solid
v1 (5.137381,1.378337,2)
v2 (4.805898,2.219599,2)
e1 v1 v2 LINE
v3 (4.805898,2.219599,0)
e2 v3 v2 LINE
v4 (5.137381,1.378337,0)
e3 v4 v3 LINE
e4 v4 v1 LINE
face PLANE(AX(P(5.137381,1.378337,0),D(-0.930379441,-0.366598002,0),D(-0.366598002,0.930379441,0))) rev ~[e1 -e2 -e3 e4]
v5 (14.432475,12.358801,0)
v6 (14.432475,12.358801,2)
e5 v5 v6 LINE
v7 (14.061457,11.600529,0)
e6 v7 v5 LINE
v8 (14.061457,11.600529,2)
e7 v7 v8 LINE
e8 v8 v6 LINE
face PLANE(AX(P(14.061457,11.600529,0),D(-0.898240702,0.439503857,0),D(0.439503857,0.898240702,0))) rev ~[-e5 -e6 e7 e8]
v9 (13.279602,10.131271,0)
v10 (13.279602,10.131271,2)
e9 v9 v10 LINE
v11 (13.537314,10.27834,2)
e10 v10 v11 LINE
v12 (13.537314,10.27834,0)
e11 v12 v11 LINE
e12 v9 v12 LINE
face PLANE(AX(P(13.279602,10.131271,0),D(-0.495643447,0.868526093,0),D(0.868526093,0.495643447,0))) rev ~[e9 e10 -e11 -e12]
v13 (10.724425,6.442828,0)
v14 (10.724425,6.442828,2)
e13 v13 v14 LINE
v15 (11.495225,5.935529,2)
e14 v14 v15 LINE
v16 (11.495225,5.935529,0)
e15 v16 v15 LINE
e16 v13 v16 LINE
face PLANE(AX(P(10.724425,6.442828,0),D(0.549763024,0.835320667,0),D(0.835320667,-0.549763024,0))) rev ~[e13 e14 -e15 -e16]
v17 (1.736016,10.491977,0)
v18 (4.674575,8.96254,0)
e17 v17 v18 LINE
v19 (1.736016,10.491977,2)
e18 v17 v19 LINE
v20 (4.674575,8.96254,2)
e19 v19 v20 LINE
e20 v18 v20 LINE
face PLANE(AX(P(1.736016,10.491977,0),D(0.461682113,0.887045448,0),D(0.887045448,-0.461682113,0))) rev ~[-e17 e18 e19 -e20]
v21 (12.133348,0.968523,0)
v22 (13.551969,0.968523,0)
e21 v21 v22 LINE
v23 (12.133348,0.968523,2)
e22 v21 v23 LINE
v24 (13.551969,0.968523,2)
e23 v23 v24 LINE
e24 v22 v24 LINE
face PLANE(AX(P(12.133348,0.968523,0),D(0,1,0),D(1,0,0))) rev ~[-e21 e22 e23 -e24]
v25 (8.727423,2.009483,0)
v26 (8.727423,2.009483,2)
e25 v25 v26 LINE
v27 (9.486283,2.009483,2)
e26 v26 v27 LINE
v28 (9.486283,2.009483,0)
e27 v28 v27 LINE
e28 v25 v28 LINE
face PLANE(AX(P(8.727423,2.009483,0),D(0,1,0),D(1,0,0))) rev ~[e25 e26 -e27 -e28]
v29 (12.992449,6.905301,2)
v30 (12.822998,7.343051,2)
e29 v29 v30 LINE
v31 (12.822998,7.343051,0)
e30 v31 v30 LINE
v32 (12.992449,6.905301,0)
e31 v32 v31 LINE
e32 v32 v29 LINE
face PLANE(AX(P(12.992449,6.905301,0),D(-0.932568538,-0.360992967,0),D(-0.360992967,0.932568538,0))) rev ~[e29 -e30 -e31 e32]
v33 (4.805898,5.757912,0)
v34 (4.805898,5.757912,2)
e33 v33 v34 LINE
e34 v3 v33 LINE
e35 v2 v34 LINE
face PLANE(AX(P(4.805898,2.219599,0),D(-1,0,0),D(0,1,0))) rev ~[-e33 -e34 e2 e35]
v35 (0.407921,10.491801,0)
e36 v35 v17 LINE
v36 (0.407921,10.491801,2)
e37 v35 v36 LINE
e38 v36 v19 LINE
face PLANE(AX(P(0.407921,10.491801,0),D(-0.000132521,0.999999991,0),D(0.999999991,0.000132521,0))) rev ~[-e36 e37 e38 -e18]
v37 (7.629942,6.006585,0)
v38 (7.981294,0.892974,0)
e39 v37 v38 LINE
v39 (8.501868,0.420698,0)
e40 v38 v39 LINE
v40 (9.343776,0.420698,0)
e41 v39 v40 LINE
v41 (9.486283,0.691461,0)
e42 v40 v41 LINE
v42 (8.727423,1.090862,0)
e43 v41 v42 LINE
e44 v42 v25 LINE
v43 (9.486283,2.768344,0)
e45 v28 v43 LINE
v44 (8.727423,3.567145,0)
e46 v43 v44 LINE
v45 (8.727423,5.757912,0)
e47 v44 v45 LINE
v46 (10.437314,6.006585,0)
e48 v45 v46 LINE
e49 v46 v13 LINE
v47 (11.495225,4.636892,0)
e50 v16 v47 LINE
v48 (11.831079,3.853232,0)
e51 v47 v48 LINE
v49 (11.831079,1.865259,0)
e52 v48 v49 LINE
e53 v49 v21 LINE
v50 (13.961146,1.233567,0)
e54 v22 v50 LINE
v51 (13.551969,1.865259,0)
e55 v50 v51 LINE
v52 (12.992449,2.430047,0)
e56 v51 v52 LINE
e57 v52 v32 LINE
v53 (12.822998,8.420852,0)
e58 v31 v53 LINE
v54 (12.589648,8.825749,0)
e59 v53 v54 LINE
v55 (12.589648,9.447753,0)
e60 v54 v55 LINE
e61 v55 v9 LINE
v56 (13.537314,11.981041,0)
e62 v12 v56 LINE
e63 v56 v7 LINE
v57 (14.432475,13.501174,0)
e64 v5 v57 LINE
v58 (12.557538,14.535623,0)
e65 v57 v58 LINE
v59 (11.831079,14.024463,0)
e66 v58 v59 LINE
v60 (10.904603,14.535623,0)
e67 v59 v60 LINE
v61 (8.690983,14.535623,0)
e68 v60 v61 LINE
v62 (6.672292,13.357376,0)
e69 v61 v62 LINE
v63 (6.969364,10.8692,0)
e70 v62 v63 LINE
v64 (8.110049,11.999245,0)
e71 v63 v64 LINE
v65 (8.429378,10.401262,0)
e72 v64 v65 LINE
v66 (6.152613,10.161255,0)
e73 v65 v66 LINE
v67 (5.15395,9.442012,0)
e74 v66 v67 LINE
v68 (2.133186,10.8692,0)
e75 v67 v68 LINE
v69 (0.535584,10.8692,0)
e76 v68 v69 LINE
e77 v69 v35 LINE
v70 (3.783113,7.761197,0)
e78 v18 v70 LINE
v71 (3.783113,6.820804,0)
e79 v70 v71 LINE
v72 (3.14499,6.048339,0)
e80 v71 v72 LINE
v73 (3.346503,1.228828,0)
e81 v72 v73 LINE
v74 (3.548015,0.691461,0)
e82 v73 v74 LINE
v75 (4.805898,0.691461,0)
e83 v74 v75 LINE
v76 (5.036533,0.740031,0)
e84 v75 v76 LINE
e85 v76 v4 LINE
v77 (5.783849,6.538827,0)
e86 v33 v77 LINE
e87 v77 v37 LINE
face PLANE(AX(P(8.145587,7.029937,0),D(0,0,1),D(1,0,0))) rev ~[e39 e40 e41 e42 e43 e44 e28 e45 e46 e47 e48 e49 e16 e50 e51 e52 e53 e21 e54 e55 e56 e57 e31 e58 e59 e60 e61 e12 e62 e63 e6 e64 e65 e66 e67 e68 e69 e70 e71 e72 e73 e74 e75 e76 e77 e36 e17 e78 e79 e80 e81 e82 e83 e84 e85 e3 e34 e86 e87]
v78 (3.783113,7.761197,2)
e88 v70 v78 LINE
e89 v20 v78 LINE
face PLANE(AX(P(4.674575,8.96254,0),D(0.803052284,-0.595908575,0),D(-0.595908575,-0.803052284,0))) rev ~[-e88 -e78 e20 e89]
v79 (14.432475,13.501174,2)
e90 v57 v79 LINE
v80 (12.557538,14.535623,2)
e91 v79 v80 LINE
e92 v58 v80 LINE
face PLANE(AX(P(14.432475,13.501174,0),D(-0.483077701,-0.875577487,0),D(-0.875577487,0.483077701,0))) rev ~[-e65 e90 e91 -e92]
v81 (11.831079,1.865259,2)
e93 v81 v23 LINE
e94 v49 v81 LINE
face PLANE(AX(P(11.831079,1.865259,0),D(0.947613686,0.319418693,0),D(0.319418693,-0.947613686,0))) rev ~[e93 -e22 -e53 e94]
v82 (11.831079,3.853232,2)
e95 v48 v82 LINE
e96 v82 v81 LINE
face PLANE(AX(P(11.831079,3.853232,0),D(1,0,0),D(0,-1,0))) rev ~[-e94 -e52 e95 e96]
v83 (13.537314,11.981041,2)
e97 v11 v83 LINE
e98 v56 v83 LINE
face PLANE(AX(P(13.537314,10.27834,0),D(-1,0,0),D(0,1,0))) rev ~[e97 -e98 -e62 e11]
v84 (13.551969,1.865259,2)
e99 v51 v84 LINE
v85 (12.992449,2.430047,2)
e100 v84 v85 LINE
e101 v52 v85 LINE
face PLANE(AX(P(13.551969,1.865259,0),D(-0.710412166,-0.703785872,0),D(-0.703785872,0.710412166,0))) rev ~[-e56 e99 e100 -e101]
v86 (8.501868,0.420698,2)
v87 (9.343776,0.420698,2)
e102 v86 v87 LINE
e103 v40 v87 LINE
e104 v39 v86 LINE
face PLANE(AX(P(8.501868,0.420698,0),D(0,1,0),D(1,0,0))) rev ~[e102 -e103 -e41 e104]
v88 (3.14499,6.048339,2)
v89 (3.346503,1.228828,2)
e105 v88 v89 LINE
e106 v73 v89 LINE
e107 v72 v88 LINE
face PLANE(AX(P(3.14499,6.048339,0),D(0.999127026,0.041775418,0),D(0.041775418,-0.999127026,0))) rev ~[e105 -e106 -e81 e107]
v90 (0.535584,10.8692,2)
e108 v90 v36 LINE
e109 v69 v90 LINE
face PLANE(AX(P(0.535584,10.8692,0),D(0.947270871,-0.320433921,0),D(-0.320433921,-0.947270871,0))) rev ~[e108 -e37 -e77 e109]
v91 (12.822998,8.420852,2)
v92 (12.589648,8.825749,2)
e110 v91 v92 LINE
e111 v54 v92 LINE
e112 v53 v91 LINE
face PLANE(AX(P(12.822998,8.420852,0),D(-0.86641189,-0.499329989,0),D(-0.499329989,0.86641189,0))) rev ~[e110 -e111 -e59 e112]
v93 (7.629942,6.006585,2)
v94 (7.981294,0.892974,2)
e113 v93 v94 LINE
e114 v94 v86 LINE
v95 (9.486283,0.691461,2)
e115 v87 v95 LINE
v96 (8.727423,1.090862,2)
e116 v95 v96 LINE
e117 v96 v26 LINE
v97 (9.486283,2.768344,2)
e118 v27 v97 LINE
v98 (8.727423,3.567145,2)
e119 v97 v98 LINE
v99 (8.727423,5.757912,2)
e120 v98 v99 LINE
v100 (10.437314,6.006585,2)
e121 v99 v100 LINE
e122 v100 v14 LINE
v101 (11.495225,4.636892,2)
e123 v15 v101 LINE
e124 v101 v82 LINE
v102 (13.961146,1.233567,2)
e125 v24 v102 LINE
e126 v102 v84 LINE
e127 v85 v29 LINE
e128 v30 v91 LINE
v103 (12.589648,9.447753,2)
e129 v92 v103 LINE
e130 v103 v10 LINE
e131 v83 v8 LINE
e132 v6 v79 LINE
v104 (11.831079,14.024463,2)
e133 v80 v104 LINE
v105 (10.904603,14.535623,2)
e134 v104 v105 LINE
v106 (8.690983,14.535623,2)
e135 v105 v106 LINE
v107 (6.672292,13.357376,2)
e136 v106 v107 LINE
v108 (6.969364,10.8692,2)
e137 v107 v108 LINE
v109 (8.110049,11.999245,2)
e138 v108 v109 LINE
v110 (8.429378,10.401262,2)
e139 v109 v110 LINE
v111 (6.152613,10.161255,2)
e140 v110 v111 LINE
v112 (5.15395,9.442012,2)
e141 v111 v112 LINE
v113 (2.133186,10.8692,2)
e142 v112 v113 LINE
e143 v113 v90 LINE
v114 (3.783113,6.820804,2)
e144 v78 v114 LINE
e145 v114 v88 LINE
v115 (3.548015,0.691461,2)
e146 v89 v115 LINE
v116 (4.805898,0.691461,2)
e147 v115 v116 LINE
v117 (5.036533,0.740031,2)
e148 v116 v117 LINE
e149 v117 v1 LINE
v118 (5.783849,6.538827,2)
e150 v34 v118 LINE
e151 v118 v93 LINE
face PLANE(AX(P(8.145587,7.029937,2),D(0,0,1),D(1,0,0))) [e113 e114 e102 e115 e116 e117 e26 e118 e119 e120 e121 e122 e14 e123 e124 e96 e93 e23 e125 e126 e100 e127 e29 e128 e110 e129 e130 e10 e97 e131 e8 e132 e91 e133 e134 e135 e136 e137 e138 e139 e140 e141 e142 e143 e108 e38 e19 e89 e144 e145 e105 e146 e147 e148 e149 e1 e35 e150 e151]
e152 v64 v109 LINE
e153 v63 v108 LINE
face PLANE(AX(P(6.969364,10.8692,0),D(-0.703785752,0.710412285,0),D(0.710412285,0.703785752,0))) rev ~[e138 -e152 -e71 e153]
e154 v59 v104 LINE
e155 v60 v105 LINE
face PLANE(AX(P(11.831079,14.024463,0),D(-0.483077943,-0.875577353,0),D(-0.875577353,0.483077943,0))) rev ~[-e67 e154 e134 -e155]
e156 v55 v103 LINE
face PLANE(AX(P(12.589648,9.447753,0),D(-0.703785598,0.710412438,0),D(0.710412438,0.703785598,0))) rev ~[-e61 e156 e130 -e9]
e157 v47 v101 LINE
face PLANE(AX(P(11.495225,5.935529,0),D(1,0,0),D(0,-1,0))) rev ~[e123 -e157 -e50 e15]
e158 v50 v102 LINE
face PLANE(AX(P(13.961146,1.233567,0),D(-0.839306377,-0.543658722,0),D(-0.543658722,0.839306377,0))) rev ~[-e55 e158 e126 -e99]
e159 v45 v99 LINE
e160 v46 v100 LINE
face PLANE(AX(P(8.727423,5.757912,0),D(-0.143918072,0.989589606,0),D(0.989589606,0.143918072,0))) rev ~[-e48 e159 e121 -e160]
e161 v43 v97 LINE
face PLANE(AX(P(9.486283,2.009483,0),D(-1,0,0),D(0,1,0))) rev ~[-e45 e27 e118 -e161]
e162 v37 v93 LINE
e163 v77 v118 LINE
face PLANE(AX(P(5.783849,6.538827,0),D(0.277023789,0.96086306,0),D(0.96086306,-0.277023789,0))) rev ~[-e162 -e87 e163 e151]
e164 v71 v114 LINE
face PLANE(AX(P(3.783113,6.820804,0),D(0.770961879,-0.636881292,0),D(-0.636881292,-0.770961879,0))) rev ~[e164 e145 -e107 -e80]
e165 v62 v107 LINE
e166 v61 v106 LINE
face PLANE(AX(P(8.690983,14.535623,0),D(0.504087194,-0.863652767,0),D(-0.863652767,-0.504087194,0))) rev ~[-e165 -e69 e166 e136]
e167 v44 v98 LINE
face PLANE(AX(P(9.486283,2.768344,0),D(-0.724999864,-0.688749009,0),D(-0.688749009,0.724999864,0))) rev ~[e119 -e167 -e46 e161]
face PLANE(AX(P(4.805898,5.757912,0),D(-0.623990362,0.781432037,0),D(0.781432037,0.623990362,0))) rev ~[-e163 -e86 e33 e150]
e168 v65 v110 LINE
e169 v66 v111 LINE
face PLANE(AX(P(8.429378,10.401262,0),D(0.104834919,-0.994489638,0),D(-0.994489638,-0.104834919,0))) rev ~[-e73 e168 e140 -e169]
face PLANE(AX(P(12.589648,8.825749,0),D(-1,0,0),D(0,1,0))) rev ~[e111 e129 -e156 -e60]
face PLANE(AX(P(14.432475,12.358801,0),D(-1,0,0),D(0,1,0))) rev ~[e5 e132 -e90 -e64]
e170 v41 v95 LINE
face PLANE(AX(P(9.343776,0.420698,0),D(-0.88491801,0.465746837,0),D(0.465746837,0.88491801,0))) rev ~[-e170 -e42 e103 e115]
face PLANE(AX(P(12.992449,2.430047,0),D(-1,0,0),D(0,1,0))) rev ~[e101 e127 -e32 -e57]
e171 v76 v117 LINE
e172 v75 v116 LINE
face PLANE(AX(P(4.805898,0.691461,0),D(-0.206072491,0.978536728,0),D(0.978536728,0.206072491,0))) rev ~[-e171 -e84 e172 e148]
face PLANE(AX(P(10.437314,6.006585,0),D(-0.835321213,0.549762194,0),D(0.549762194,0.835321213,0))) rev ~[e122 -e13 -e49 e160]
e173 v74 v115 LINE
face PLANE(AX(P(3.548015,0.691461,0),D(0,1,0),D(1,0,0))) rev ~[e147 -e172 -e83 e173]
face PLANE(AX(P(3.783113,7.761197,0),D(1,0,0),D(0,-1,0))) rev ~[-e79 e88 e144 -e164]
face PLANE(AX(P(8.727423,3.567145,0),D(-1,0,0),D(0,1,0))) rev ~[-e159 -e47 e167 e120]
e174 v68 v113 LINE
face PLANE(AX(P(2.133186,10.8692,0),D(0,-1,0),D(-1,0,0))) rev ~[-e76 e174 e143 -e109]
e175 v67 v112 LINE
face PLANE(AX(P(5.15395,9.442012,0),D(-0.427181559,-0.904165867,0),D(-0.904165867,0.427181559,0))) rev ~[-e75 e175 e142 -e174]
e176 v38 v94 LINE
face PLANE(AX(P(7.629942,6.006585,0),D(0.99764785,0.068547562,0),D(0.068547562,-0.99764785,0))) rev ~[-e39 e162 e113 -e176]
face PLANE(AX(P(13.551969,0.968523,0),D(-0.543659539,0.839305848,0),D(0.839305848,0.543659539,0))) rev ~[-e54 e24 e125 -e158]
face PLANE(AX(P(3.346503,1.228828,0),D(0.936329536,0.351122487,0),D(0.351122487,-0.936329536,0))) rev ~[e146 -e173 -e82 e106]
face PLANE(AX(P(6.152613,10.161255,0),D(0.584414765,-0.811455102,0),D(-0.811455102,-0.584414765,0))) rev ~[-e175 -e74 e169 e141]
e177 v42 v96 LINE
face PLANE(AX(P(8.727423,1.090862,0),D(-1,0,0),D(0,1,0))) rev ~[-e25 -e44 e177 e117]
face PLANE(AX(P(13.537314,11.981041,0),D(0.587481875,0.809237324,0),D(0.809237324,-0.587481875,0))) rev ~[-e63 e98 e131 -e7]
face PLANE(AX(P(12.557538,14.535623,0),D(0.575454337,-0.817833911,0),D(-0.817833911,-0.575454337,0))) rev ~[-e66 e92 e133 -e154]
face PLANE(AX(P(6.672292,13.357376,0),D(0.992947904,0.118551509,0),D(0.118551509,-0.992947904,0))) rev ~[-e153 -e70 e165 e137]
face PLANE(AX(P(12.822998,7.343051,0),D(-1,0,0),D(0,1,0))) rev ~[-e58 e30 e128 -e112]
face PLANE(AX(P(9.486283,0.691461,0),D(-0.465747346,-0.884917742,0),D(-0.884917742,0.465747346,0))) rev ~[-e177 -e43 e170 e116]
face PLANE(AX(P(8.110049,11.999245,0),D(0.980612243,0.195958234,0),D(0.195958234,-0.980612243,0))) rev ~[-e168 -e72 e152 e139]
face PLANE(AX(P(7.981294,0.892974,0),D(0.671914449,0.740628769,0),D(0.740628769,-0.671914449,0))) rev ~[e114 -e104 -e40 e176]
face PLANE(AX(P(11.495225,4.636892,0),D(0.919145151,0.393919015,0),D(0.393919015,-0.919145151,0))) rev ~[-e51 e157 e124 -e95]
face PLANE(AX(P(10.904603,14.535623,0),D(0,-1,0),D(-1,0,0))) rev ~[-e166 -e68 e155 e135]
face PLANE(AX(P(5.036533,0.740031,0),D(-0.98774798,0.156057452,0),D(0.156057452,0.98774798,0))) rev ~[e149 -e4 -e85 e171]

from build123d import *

# Parameters (mm, degrees)
F1_DEPTH = 2


with BuildPart() as f1:
    # F0 (on Top) → F1 (new body)
    with BuildSketch(Plane.XY):
        Polygon((2.133186, 10.8692), (0.535584, 10.8692), (0.407921, 10.491801), (1.736016, 10.491977), (4.674575, 8.96254), (3.783113, 7.761197), (3.783113, 6.820804), (3.14499, 6.048339), (3.346503, 1.228828), (3.548015, 0.691461), (4.805898, 0.691461), (5.036533, 0.740031), (5.137381, 1.378337), (4.805898, 2.219599), (4.805898, 5.757912), (5.783849, 6.538827), (7.629942, 6.006585), (7.981294, 0.892974), (8.501868, 0.420698), (9.343776, 0.420698), (9.486283, 0.691461), (8.727423, 1.090862), (8.727423, 2.009483), (9.486283, 2.009483), (9.486283, 2.768344), (8.727423, 3.567145), (8.727423, 5.757912), (10.437314, 6.006585), (10.724425, 6.442828), (11.495225, 5.935529), (11.495225, 4.636892), (11.831079, 3.853232), (11.831079, 1.865259), (12.133348, 0.968523), (13.551969, 0.968523), (13.961146, 1.233567), (13.551969, 1.865259), (12.992449, 2.430047), (12.992449, 5.666846), (12.992449, 6.905301), (12.822998, 7.343051), (12.822998, 8.420852), (12.589648, 8.825749), (12.589648, 9.447753), (13.279602, 10.131271), (13.537314, 10.27834), (13.537314, 11.981041), (14.061457, 11.600529), (14.432475, 12.358801), (14.432475, 13.501174), (12.557538, 14.535623), (11.831079, 14.024463), (10.904603, 14.535623), (8.690983, 14.535623), (6.672292, 13.357376), (6.969364, 10.8692), (8.110049, 11.999245), (8.429378, 10.401262), (6.152613, 10.161255), (5.15395, 9.442012), align=None)
    extrude(amount=F1_DEPTH)


solid = f1.part
